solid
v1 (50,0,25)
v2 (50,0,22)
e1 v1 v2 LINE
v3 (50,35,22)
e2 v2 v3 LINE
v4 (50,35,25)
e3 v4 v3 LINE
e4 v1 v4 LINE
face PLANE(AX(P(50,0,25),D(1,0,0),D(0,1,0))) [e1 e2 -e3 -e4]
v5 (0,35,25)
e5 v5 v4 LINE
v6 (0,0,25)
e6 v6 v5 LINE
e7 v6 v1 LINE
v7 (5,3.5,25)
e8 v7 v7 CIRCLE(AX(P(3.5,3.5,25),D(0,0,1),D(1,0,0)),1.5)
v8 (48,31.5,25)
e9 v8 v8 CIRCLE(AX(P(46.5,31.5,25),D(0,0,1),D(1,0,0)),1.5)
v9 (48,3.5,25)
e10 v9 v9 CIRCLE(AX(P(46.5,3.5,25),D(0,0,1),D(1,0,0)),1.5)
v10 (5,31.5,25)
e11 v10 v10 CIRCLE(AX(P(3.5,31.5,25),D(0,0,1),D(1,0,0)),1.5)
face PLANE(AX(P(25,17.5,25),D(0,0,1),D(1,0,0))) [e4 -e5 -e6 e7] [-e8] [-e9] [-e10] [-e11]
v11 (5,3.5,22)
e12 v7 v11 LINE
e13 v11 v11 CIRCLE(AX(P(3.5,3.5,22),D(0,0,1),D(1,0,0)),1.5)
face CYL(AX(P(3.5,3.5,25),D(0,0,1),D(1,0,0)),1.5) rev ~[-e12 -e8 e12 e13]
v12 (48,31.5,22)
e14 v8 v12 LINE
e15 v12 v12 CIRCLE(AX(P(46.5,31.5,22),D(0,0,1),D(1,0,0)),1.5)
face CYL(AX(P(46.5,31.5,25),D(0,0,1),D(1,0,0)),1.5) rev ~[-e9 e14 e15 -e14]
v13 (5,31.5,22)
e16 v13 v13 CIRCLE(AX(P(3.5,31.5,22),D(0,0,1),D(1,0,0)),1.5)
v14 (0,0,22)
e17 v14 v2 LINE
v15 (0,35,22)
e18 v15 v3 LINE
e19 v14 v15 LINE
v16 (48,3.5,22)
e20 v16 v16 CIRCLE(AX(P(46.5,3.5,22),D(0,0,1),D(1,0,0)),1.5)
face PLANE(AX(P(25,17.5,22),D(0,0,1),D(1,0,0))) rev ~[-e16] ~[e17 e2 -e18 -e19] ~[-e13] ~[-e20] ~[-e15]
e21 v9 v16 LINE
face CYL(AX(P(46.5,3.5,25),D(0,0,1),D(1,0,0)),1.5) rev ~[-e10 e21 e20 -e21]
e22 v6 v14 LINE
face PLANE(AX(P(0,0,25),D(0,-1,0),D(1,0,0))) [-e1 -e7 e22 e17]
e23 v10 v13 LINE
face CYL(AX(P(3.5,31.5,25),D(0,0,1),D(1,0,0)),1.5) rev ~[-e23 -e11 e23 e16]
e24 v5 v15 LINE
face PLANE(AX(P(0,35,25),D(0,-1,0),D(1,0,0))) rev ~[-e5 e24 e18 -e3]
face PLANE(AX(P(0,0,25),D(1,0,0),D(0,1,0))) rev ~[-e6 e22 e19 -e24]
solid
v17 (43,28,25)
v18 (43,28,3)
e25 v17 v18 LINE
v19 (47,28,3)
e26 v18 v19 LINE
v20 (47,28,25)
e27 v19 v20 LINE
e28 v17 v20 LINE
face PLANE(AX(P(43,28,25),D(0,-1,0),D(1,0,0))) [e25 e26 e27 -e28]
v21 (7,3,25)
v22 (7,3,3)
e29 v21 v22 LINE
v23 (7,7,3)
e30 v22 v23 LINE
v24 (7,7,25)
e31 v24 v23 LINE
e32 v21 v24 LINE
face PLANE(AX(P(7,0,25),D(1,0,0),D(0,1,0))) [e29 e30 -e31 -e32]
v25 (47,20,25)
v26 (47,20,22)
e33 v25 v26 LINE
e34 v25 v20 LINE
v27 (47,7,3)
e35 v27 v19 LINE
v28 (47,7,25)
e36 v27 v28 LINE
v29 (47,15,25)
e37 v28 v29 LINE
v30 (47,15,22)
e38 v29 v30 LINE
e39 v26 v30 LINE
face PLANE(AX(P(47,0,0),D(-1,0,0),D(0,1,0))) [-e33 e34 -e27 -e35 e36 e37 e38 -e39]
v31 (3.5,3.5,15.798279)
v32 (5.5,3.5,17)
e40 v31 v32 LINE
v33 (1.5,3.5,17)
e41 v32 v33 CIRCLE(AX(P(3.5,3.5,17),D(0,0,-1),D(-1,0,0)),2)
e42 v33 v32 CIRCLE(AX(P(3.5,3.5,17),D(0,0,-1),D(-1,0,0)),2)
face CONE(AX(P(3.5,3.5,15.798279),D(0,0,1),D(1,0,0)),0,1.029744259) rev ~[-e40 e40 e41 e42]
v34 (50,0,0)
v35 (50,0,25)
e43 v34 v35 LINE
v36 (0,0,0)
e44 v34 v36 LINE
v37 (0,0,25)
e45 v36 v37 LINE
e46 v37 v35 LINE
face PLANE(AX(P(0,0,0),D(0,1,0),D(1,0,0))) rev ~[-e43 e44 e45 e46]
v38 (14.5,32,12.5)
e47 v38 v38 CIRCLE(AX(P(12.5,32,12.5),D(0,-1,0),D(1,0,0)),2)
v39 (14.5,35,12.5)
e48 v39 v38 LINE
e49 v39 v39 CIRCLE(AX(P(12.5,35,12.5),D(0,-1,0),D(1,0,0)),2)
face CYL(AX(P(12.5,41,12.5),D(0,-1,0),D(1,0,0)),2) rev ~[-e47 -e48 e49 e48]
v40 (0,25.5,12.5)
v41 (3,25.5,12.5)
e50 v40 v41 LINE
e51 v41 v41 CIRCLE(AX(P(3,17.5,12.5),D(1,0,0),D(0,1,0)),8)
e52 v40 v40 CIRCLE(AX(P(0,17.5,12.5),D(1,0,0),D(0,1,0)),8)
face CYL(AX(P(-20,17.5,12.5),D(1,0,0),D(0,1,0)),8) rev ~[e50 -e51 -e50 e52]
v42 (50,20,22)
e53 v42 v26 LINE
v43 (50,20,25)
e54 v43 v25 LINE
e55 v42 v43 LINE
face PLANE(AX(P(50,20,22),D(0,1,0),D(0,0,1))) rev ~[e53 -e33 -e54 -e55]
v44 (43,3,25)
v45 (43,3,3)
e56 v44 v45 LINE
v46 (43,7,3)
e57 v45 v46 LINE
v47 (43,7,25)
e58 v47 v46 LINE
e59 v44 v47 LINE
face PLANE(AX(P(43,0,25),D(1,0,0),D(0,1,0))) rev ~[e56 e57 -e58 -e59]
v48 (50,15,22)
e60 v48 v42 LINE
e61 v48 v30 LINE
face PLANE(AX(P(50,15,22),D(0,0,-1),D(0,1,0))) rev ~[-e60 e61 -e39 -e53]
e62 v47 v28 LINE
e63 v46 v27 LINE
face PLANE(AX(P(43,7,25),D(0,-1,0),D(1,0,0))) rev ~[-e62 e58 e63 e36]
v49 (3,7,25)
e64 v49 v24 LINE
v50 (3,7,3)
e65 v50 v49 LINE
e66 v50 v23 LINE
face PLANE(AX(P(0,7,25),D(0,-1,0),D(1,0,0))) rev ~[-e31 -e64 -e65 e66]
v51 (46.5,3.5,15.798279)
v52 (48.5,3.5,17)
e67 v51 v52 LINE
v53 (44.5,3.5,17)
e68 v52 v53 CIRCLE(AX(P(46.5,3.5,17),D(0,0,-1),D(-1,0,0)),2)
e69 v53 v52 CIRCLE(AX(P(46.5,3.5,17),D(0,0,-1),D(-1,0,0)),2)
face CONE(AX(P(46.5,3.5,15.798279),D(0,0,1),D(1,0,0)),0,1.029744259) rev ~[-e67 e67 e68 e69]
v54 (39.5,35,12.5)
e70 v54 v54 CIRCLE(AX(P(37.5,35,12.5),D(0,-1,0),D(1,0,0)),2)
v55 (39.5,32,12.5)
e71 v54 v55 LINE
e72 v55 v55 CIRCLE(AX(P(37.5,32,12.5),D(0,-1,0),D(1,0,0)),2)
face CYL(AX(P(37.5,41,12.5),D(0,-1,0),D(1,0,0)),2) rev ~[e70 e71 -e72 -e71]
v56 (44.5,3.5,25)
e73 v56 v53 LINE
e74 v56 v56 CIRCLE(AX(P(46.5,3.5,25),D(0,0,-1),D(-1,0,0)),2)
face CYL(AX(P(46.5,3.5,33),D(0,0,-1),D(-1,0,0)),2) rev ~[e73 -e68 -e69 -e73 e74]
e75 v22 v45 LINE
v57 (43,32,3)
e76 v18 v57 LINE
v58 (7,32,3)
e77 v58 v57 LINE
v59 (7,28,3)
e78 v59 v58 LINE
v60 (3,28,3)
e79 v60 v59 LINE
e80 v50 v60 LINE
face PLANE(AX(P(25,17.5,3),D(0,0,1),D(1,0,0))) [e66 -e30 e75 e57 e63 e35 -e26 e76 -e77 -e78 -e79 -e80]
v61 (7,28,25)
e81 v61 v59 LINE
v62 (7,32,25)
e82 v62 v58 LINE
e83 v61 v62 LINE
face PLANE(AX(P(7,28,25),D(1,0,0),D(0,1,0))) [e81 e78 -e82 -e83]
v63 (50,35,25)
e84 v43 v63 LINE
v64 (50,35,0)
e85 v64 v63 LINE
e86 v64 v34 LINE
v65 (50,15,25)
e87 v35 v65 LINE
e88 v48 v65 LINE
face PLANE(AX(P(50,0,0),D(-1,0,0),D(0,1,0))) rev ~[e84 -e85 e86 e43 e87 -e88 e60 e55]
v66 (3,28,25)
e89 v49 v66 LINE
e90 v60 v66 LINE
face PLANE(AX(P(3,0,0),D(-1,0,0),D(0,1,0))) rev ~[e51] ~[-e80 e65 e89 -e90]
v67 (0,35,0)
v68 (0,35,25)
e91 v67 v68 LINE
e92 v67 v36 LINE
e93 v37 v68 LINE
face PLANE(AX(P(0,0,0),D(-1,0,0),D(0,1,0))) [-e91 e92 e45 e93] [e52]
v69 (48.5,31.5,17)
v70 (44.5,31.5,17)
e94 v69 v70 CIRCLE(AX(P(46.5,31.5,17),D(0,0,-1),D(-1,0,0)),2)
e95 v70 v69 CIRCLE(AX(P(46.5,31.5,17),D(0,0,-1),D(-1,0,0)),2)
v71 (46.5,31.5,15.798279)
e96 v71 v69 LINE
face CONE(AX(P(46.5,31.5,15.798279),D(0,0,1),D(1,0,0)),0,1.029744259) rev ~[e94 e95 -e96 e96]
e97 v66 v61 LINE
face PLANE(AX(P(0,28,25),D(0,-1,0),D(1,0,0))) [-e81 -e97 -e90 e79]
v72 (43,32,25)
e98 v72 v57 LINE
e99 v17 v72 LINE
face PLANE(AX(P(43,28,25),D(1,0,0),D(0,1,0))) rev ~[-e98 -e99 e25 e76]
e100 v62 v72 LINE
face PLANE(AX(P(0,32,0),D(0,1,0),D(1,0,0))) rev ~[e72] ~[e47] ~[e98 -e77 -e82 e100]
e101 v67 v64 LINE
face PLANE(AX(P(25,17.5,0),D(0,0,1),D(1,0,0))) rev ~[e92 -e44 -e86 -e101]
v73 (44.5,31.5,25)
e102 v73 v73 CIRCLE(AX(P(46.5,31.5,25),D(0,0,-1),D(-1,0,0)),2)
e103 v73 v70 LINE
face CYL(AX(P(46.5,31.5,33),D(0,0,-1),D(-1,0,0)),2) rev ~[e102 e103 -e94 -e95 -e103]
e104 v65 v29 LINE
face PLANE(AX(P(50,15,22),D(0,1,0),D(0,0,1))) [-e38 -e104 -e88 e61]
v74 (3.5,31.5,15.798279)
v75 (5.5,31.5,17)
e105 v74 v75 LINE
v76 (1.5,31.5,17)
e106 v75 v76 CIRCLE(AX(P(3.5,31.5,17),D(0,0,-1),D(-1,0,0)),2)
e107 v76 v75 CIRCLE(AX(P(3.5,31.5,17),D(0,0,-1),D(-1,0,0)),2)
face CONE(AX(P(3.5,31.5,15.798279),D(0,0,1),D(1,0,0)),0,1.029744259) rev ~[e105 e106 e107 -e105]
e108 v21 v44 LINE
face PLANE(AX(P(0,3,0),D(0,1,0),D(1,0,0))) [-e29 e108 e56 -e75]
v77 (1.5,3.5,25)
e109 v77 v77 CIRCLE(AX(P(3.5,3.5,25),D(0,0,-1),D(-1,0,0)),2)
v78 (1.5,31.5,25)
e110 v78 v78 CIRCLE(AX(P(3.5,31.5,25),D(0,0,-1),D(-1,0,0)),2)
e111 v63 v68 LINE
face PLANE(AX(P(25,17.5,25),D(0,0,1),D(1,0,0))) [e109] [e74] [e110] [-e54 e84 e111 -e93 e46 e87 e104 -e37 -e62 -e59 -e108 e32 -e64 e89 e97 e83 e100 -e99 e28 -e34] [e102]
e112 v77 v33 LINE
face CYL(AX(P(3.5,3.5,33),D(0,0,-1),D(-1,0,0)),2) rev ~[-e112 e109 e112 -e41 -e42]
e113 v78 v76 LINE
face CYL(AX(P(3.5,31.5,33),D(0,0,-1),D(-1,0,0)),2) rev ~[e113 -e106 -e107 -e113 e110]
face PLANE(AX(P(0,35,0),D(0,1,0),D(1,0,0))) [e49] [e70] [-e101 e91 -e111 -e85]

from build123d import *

# Parameters (mm, degrees)
F0_W      = 50
F0_H      = 35
F1_DEPTH  = 25
F2_T      = -3
F3_W      = 7
F3_H      = 7
F4_DEPTH  = 25
F6_D      = 4
F6_DEPTH  = 8
F6_TIP    = 1.2017212381
F8_D      = 16
F8_DEPTH  = 20
F8_TIP    = 4.8068849522
F9_W      = 5
F9_H      = 6
F10_DEPTH = 25
F12_D     = 4
F12_DEPTH = 6
F12_TIP   = 1.2017212381
F13_D     = 4
F13_DEPTH = 6
F13_TIP   = 1.2017212381
F14_W     = 50
F14_H     = 35
F14_R     = 1.5
F15_DEPTH = 3


with BuildPart() as f1:
    # F0 (on Top) → F1 (new body)
    with BuildSketch(Plane.XY):
        with Locations((25, 17.5)):
            Rectangle(F0_W, F0_H)
    extrude(amount=F1_DEPTH)

    # F2
    f2_openings = [f1.faces().sort_by_distance(p)[0] for p in [
        (25, 17.5, 25),
    ]]
    offset(amount=F2_T, openings=f2_openings)

    # F3 (on face) → F4 (join)
    with BuildSketch(Plane.XY.offset(25)):
        with Locations((3.5, 3.5)):
            Rectangle(F3_W, F3_H)
        with Locations((3.5, 31.5)):
            Rectangle(F3_W, F3_H)
        with Locations((46.5, 31.5)):
            Rectangle(F3_W, F3_H)
        with Locations((46.5, 3.5)):
            Rectangle(F3_W, F3_H)
    extrude(amount=-F4_DEPTH)

    # F6
    with Locations(Plane.XY.offset(25)):
        with Locations((3.5, 3.5), (46.5, 3.5), (46.5, 31.5), (3.5, 31.5)):
            Hole(F6_D / 2, depth=F6_DEPTH)
            with Locations((0, 0, -(F6_DEPTH + F6_TIP / 2))):  # 118° drill point
                Cone(0, F6_D / 2, F6_TIP, mode=Mode.SUBTRACT)

    # F8
    with Locations(Plane(origin=(0, 0, 0), x_dir=(0, -1, 0), z_dir=(-1, 0, 0))):
        with Locations((-17.5, 12.5)):
            Hole(F8_D / 2, depth=F8_DEPTH)
            with Locations((0, 0, -(F8_DEPTH + F8_TIP / 2))):  # 118° drill point
                Cone(0, F8_D / 2, F8_TIP, mode=Mode.SUBTRACT)

    # F9 (on face) → F10 (cut)
    with BuildSketch(Plane.YZ.offset(50)):
        with Locations((17.5, 25)):
            Rectangle(F9_W, F9_H)
    extrude(amount=-F10_DEPTH, mode=Mode.SUBTRACT)

    # F12
    with Locations(Plane(origin=(0, 35, 0), x_dir=(-1, 0, 0), z_dir=(0, 1, 0))):
        with Locations((-37.5, 12.5)):
            Hole(F12_D / 2, depth=F12_DEPTH)
            with Locations((0, 0, -(F12_DEPTH + F12_TIP / 2))):  # 118° drill point
                Cone(0, F12_D / 2, F12_TIP, mode=Mode.SUBTRACT)

    # F13
    with Locations(Plane(origin=(0, 35, 0), x_dir=(-1, 0, 0), z_dir=(0, 1, 0))):
        with Locations((-12.5, 12.5)):
            Hole(F13_D / 2, depth=F13_DEPTH)
            with Locations((0, 0, -(F13_DEPTH + F13_TIP / 2))):  # 118° drill point
                Cone(0, F13_D / 2, F13_TIP, mode=Mode.SUBTRACT)


with BuildPart() as f15:
    # F14 (on face) → F15 (new body)
    with BuildSketch(Plane.XY.offset(25)):
        with Locations((25, 17.5)):
            Rectangle(F14_W, F14_H)
        with Locations((3.5, 3.5)):
            Circle(F14_R, mode=Mode.SUBTRACT)
        with Locations((46.5, 3.5)):
            Circle(F14_R, mode=Mode.SUBTRACT)
        with Locations((3.5, 31.5)):
            Circle(F14_R, mode=Mode.SUBTRACT)
        with Locations((46.5, 31.5)):
            Circle(F14_R, mode=Mode.SUBTRACT)
    extrude(amount=-F15_DEPTH)


solid = Compound([f1.part, f15.part])
